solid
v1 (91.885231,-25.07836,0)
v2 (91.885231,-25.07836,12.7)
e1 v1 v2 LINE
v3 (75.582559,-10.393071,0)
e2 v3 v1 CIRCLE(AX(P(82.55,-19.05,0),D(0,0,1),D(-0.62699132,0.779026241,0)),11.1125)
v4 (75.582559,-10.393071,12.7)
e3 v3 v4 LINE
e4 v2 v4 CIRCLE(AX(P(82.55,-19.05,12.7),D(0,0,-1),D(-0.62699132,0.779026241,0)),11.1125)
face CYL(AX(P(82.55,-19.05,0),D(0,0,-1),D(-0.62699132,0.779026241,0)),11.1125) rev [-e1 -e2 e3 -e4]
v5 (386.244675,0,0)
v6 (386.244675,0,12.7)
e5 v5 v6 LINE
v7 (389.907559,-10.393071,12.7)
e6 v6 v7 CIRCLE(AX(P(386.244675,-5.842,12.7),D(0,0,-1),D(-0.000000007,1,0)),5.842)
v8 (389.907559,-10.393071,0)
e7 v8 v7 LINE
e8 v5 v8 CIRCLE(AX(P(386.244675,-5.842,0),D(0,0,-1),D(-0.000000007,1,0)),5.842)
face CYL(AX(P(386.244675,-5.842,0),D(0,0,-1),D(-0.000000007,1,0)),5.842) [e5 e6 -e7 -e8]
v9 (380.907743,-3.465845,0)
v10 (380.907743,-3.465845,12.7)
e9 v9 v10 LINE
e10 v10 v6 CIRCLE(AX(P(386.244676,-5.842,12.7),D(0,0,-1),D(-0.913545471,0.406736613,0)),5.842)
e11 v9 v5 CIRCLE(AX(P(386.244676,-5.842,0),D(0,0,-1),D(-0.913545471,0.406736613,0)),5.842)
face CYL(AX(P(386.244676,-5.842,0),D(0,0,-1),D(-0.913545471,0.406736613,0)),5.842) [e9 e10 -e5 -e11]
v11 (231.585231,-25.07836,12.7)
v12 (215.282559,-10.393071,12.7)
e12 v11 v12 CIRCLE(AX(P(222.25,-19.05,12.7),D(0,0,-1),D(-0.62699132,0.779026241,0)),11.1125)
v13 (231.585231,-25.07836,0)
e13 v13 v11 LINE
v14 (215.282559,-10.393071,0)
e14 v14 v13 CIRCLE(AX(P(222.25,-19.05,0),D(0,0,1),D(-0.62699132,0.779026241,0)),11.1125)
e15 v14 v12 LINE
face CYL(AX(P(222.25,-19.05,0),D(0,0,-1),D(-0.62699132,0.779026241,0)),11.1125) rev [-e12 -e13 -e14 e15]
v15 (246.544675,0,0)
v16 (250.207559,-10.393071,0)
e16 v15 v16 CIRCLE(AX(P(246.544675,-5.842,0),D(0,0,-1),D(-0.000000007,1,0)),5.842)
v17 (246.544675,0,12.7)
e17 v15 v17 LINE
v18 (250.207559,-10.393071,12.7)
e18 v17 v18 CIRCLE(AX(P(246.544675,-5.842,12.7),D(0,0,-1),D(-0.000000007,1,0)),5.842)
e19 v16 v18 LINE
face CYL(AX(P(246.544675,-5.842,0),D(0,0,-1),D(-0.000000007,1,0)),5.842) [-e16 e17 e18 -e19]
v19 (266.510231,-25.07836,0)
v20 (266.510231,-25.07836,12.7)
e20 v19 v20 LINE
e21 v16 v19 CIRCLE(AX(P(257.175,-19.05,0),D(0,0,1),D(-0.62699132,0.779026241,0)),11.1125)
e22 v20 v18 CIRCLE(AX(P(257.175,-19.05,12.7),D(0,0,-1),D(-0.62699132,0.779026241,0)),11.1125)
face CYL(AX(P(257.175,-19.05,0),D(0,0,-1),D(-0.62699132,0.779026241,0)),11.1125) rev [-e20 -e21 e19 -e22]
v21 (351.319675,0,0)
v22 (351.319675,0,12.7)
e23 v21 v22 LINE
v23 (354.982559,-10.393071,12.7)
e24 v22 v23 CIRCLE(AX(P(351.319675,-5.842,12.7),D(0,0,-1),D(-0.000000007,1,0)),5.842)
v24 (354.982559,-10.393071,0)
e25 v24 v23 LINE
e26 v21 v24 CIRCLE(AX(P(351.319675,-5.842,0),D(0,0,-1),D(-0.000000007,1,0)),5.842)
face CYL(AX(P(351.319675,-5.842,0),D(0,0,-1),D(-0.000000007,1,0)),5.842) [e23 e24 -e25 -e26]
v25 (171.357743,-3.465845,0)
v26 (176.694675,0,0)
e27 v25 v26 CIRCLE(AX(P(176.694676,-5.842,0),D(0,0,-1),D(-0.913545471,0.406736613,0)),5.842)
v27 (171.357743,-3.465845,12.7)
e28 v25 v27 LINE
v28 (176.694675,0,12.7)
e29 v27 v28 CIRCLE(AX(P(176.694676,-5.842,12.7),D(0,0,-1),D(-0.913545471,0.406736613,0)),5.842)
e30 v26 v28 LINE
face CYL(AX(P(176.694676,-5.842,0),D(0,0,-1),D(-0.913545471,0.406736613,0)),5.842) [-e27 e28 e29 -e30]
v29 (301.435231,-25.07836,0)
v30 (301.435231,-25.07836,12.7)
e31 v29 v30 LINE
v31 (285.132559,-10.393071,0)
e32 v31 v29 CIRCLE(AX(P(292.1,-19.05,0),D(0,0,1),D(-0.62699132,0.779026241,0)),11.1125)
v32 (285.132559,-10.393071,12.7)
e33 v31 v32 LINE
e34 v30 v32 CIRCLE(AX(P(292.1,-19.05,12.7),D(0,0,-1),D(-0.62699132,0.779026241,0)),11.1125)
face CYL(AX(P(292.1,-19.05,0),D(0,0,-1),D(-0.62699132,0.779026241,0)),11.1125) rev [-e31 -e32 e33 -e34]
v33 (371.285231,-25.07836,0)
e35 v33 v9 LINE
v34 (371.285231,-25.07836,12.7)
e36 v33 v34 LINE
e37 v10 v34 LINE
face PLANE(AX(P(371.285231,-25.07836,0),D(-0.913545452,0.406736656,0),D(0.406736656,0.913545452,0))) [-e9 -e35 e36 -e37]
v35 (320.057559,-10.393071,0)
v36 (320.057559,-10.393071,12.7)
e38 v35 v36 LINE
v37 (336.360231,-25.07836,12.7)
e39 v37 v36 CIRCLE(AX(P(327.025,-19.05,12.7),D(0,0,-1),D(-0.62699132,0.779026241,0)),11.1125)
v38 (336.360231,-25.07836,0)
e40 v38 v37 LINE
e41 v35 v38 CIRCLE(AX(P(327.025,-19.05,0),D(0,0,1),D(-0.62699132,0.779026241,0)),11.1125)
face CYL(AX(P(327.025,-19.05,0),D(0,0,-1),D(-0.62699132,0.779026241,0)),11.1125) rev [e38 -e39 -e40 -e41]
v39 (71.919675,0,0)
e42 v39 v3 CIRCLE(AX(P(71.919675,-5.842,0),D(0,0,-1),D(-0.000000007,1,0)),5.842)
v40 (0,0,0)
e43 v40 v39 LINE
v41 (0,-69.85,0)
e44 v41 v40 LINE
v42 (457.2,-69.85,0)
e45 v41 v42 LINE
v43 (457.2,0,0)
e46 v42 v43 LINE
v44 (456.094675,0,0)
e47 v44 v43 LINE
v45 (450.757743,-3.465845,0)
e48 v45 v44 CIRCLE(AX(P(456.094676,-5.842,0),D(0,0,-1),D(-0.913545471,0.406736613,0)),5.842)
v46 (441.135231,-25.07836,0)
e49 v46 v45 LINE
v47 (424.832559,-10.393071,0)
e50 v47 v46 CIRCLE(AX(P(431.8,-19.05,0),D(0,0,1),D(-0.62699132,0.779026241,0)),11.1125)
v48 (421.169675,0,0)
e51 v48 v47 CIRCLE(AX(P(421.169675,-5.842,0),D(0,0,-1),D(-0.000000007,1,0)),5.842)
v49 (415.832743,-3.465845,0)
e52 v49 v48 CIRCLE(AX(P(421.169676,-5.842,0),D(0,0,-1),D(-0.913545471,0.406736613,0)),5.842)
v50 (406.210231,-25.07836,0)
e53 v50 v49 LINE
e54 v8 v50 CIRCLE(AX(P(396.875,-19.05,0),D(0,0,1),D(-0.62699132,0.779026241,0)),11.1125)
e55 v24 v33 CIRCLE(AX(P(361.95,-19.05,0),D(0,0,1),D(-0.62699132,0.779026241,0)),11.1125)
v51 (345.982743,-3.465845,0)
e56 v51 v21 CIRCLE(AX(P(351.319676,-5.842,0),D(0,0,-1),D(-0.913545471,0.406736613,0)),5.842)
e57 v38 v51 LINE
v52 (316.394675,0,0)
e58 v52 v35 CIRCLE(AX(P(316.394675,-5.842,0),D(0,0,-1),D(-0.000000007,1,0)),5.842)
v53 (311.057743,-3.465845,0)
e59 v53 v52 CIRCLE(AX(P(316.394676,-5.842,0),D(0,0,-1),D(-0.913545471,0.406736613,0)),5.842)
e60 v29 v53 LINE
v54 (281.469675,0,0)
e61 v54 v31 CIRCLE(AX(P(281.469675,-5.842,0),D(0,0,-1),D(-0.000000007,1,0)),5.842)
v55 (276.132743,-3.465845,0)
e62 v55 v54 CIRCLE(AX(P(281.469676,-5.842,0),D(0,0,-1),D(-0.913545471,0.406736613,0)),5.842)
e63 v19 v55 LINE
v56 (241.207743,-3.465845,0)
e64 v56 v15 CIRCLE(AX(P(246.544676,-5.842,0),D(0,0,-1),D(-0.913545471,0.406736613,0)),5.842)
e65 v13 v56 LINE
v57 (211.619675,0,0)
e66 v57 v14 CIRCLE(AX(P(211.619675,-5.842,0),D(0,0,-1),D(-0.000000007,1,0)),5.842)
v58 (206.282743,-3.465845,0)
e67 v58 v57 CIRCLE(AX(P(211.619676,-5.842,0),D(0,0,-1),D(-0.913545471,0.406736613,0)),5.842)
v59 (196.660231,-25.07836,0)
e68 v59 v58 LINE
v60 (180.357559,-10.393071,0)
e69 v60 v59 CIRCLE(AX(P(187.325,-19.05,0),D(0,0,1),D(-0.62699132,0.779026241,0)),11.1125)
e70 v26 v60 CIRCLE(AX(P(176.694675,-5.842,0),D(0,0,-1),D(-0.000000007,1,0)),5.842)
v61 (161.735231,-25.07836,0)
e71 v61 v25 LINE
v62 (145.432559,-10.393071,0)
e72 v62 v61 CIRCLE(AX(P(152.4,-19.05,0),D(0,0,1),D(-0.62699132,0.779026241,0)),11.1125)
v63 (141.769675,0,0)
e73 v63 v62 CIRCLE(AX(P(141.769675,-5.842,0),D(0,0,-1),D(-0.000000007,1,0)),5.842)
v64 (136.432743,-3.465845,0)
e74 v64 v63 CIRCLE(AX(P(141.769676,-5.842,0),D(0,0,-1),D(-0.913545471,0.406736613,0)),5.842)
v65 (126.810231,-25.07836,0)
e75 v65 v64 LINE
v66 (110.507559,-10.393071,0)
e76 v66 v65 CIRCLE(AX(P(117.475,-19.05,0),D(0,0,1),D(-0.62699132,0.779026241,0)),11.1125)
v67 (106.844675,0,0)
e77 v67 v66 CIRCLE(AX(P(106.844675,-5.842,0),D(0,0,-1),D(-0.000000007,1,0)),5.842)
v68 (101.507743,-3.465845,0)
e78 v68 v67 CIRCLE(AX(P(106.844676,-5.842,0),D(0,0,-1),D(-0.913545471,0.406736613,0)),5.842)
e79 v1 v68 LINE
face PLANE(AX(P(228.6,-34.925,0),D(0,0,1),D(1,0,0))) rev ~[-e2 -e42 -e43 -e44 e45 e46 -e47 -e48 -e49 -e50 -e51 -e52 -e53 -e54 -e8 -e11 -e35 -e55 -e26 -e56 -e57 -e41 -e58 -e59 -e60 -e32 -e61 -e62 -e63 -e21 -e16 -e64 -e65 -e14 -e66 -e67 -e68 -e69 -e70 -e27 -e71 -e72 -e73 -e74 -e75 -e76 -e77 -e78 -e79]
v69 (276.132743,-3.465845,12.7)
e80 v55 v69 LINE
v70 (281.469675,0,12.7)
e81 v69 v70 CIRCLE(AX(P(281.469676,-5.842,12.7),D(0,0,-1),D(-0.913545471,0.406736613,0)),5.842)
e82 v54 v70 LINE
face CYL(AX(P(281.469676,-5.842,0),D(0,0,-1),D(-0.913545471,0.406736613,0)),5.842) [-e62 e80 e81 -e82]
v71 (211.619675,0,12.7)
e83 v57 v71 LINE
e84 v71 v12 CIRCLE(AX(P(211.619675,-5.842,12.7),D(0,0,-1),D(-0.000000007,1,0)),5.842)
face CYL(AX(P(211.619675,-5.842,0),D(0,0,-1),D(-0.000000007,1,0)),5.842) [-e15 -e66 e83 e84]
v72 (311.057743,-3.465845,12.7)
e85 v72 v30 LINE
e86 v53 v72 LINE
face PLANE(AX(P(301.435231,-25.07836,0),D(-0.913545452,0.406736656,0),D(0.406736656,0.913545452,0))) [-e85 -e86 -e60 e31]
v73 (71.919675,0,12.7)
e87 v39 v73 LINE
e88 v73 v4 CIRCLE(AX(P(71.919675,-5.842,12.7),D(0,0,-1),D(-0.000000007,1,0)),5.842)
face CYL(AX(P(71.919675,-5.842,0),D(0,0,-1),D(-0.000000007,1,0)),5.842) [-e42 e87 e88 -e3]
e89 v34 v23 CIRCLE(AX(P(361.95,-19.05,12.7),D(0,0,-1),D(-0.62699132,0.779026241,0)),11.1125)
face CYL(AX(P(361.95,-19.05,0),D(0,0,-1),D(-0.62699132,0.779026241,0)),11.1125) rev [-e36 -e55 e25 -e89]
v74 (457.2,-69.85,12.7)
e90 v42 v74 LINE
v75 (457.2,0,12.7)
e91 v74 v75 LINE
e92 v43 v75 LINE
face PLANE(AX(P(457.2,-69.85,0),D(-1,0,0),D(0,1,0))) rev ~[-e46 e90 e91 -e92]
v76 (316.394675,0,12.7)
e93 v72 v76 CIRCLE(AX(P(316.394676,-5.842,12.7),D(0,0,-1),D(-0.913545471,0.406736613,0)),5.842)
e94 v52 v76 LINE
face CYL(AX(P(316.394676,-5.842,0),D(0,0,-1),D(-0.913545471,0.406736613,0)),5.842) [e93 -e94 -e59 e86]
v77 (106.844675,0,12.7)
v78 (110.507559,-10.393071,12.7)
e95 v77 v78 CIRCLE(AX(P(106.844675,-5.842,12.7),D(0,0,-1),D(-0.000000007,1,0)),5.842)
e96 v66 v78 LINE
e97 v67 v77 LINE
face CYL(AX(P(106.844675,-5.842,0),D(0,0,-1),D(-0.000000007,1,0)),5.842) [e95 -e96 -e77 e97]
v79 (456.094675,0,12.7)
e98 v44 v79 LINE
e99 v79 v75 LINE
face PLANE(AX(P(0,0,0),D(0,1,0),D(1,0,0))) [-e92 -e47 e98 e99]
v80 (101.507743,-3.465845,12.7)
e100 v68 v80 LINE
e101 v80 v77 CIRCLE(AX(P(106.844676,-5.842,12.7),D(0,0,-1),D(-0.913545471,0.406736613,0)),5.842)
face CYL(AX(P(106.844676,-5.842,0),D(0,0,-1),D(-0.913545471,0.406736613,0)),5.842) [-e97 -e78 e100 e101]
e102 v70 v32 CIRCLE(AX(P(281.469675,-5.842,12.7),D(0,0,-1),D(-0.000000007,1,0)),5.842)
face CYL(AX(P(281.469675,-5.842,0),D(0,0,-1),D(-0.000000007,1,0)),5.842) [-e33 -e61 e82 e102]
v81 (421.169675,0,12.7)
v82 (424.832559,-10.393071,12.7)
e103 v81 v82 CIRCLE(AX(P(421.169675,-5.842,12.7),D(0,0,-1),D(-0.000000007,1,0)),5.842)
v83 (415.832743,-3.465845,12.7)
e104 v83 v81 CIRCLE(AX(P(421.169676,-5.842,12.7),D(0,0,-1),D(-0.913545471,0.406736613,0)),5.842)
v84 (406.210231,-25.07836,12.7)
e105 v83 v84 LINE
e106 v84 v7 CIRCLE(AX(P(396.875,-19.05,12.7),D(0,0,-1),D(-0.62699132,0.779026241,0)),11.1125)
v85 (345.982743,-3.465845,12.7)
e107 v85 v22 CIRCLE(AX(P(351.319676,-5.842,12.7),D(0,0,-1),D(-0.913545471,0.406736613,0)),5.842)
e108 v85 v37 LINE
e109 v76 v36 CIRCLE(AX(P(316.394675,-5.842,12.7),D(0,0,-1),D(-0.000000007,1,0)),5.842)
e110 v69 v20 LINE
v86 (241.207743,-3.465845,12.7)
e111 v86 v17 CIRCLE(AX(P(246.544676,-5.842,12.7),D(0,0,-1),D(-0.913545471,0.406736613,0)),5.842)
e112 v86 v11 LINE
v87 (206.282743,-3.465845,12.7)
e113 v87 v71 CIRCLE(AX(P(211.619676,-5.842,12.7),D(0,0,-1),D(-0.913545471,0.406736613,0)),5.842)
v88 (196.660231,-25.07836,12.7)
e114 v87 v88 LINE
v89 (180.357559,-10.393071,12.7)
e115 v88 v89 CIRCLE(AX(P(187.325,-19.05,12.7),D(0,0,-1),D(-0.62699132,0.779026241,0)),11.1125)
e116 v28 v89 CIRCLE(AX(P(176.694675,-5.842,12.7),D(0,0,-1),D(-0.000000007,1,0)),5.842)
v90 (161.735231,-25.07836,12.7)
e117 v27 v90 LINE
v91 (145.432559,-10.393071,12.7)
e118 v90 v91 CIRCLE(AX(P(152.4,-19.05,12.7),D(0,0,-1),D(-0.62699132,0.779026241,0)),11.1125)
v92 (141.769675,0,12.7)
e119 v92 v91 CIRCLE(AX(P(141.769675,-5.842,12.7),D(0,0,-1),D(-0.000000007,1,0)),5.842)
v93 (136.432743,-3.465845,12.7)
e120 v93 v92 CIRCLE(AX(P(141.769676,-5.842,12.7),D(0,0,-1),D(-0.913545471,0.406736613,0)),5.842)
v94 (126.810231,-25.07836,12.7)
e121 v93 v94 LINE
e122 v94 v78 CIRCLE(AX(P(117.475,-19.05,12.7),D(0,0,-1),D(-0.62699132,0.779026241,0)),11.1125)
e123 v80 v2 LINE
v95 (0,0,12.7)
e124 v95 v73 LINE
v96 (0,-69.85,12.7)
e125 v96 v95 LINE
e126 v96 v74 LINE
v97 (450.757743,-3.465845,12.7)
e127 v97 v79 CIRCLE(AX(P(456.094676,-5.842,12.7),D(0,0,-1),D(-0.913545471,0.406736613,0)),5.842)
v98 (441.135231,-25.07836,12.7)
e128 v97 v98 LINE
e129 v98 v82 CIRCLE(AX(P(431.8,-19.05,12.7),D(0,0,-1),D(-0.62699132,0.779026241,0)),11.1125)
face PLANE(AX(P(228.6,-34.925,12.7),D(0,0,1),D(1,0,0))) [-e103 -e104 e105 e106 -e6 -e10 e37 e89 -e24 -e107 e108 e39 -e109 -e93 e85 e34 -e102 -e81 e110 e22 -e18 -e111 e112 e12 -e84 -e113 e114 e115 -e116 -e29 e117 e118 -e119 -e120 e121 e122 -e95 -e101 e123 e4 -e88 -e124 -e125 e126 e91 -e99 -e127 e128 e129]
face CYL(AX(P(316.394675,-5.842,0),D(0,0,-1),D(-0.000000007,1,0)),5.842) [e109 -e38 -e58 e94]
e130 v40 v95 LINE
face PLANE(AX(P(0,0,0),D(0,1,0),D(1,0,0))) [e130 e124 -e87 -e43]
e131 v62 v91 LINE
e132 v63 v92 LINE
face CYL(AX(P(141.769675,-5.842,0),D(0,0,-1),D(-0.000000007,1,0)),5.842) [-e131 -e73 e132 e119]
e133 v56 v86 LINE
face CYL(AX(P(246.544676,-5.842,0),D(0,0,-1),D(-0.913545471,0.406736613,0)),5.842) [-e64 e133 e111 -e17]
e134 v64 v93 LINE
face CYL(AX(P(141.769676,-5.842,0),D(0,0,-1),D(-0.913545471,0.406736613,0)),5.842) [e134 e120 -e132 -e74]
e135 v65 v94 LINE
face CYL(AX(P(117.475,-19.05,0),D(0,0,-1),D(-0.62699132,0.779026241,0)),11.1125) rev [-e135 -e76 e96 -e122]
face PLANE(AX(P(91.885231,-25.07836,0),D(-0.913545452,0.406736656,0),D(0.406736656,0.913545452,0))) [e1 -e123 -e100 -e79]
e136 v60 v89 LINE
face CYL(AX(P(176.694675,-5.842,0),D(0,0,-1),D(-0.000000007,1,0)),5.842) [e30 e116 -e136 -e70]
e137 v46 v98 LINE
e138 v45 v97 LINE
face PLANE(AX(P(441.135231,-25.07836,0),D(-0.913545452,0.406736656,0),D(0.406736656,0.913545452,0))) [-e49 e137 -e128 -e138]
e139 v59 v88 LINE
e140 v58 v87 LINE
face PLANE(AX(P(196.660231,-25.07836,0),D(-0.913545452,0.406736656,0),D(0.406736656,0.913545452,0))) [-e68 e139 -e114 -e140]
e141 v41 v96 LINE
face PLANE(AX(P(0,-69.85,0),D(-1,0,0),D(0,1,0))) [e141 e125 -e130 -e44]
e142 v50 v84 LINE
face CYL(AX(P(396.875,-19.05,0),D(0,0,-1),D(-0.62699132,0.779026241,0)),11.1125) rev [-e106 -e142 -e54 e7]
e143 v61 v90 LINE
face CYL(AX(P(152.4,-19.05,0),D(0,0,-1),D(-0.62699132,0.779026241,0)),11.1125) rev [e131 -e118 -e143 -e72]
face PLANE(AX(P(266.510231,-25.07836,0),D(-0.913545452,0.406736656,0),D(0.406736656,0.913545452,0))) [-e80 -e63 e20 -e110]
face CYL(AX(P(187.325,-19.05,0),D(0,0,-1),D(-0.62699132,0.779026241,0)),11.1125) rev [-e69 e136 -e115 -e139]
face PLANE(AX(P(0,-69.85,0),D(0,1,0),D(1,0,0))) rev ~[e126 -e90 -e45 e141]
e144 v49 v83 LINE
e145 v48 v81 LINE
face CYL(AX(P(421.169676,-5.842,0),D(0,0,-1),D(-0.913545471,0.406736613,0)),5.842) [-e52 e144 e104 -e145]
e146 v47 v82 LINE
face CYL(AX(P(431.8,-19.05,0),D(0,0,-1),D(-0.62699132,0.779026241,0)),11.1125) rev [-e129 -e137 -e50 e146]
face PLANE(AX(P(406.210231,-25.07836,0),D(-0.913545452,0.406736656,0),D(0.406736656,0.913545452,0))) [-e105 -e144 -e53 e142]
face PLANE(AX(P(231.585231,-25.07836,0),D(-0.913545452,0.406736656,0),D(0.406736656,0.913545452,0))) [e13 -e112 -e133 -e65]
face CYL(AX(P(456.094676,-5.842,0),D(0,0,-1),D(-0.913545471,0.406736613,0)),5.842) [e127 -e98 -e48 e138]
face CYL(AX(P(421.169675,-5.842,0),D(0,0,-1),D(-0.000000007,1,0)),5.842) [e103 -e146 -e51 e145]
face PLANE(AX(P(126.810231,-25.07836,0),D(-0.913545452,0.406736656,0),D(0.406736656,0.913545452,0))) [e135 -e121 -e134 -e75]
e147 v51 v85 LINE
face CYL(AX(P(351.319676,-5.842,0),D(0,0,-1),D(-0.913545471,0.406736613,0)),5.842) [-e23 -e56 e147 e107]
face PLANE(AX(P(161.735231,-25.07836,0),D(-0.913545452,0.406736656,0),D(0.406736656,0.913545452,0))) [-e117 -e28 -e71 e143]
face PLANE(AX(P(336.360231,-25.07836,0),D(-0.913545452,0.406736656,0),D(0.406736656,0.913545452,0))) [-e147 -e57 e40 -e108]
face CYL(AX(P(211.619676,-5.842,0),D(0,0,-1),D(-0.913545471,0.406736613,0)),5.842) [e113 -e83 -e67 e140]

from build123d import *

# Parameters (mm, degrees)
F0_W     = 457.2
F0_H     = 69.85
F1_DEPTH = 12.7
F3_DEPTH = 25.4


with BuildPart() as f1:
    # F0 (on Top) → F1 (new body)
    with BuildSketch(Plane.XY):
        with Locations((228.6, -34.925)):
            Rectangle(F0_W, F0_H)
    extrude(amount=F1_DEPTH)

    # F2 (on Top) → F3 (cut)
    with BuildSketch(Plane.XY):
        with BuildLine():
            ThreePointArc((421.169675, 0), (426.679499, -3.900144), (424.832559, -10.393071))
            ThreePointArc((424.832559, -10.393071), (424.362525, -27.306611), (441.135231, -25.07836))
            Line((441.135231, -25.07836), (450.757743, -3.465845))
            ThreePointArc((450.757743, -3.465845), (452.912894, -0.942487), (456.094675, 0))
            Line((456.094675, 0), (456.094675, 5.064353))
            Line((456.094675, 5.064353), (421.169675, 5.064353))
            Line((421.169675, 5.064353), (421.169675, 0))
        make_face()
        with BuildLine():
            ThreePointArc((415.832743, -3.465845), (417.987894, -0.942487), (421.169675, 0))
            Line((421.169675, 0), (421.169675, 5.064353))
            Line((421.169675, 5.064353), (386.244675, 5.064353))
            Line((386.244675, 5.064353), (386.244675, 0))
            ThreePointArc((386.244675, 0), (391.754499, -3.900144), (389.907559, -10.393071))
            ThreePointArc((389.907559, -10.393071), (389.437525, -27.306611), (406.210231, -25.07836))
            Line((406.210231, -25.07836), (415.832743, -3.465845))
        make_face()
        with BuildLine():
            Line((386.244675, 0), (386.244675, 5.064353))
            Line((386.244675, 5.064353), (351.319675, 5.064353))
            Line((351.319675, 5.064353), (351.319675, 0))
            ThreePointArc((351.319675, 0), (356.829499, -3.900144), (354.982559, -10.393071))
            ThreePointArc((354.982559, -10.393071), (354.512525, -27.306611), (371.285231, -25.07836))
            Line((371.285231, -25.07836), (380.907743, -3.465845))
            ThreePointArc((380.907743, -3.465845), (383.062894, -0.942487), (386.244675, 0))
        make_face()
        with BuildLine():
            Line((351.319675, 0), (351.319675, 5.064353))
            Line((351.319675, 5.064353), (316.394675, 5.064353))
            Line((316.394675, 5.064353), (316.394675, 0))
            ThreePointArc((316.394675, 0), (321.904499, -3.900144), (320.057559, -10.393071))
            ThreePointArc((320.057559, -10.393071), (319.587525, -27.306611), (336.360231, -25.07836))
            Line((336.360231, -25.07836), (345.982743, -3.465845))
            ThreePointArc((345.982743, -3.465845), (348.137894, -0.942487), (351.319675, 0))
        make_face()
        with BuildLine():
            Line((316.394675, 0), (316.394675, 5.064353))
            Line((316.394675, 5.064353), (281.469675, 5.064353))
            Line((281.469675, 5.064353), (281.469675, 0))
            ThreePointArc((281.469675, 0), (286.979499, -3.900144), (285.132559, -10.393071))
            ThreePointArc((285.132559, -10.393071), (284.662525, -27.306611), (301.435231, -25.07836))
            Line((301.435231, -25.07836), (311.057743, -3.465845))
            ThreePointArc((311.057743, -3.465845), (313.212894, -0.942487), (316.394675, 0))
        make_face()
        with BuildLine():
            Line((281.469675, 0), (281.469675, 5.064353))
            Line((281.469675, 5.064353), (246.544675, 5.064353))
            Line((246.544675, 5.064353), (246.544675, 0))
            ThreePointArc((246.544675, 0), (252.054499, -3.900144), (250.207559, -10.393071))
            ThreePointArc((250.207559, -10.393071), (249.737525, -27.306611), (266.510231, -25.07836))
            Line((266.510231, -25.07836), (276.132743, -3.465845))
            ThreePointArc((276.132743, -3.465845), (278.287894, -0.942487), (281.469675, 0))
        make_face()
        with BuildLine():
            Line((246.544675, 0), (246.544675, 5.064353))
            Line((246.544675, 5.064353), (211.619675, 5.064353))
            Line((211.619675, 5.064353), (211.619675, 0))
            ThreePointArc((211.619675, 0), (217.129499, -3.900144), (215.282559, -10.393071))
            ThreePointArc((215.282559, -10.393071), (214.812525, -27.306611), (231.585231, -25.07836))
            Line((231.585231, -25.07836), (241.207743, -3.465845))
            ThreePointArc((241.207743, -3.465845), (243.362894, -0.942487), (246.544675, 0))
        make_face()
        with BuildLine():
            Line((211.619675, 0), (211.619675, 5.064353))
            Line((211.619675, 5.064353), (176.694675, 5.064353))
            Line((176.694675, 5.064353), (176.694675, 0))
            ThreePointArc((176.694675, 0), (182.204499, -3.900144), (180.357559, -10.393071))
            ThreePointArc((180.357559, -10.393071), (179.887525, -27.306611), (196.660231, -25.07836))
            Line((196.660231, -25.07836), (206.282743, -3.465845))
            ThreePointArc((206.282743, -3.465845), (208.437894, -0.942487), (211.619675, 0))
        make_face()
        with BuildLine():
            Line((176.694675, 0), (176.694675, 5.064353))
            Line((176.694675, 5.064353), (141.769675, 5.064353))
            Line((141.769675, 5.064353), (141.769675, 0))
            ThreePointArc((141.769675, 0), (147.279499, -3.900144), (145.432559, -10.393071))
            ThreePointArc((145.432559, -10.393071), (144.962525, -27.306611), (161.735231, -25.07836))
            Line((161.735231, -25.07836), (171.357743, -3.465845))
            ThreePointArc((171.357743, -3.465845), (173.512894, -0.942487), (176.694675, 0))
        make_face()
        with BuildLine():
            Line((141.769675, 0), (141.769675, 5.064353))
            Line((141.769675, 5.064353), (106.844675, 5.064353))
            Line((106.844675, 5.064353), (106.844675, 0))
            ThreePointArc((106.844675, 0), (112.354499, -3.900144), (110.507559, -10.393071))
            ThreePointArc((110.507559, -10.393071), (110.037525, -27.306611), (126.810231, -25.07836))
            Line((126.810231, -25.07836), (136.432743, -3.465845))
            ThreePointArc((136.432743, -3.465845), (138.587894, -0.942487), (141.769675, 0))
        make_face()
        with BuildLine():
            Line((106.844675, 0), (106.844675, 5.064353))
            Line((106.844675, 5.064353), (71.919675, 5.064353))
            Line((71.919675, 5.064353), (71.919675, 0))
            ThreePointArc((71.919675, 0), (77.429499, -3.900144), (75.582559, -10.393071))
            ThreePointArc((75.582559, -10.393071), (75.112525, -27.306611), (91.885231, -25.07836))
            Line((91.885231, -25.07836), (101.507743, -3.465845))
            ThreePointArc((101.507743, -3.465845), (103.662894, -0.942487), (106.844675, 0))
        make_face()
    extrude(amount=F3_DEPTH, mode=Mode.SUBTRACT)


solid = f1.part
